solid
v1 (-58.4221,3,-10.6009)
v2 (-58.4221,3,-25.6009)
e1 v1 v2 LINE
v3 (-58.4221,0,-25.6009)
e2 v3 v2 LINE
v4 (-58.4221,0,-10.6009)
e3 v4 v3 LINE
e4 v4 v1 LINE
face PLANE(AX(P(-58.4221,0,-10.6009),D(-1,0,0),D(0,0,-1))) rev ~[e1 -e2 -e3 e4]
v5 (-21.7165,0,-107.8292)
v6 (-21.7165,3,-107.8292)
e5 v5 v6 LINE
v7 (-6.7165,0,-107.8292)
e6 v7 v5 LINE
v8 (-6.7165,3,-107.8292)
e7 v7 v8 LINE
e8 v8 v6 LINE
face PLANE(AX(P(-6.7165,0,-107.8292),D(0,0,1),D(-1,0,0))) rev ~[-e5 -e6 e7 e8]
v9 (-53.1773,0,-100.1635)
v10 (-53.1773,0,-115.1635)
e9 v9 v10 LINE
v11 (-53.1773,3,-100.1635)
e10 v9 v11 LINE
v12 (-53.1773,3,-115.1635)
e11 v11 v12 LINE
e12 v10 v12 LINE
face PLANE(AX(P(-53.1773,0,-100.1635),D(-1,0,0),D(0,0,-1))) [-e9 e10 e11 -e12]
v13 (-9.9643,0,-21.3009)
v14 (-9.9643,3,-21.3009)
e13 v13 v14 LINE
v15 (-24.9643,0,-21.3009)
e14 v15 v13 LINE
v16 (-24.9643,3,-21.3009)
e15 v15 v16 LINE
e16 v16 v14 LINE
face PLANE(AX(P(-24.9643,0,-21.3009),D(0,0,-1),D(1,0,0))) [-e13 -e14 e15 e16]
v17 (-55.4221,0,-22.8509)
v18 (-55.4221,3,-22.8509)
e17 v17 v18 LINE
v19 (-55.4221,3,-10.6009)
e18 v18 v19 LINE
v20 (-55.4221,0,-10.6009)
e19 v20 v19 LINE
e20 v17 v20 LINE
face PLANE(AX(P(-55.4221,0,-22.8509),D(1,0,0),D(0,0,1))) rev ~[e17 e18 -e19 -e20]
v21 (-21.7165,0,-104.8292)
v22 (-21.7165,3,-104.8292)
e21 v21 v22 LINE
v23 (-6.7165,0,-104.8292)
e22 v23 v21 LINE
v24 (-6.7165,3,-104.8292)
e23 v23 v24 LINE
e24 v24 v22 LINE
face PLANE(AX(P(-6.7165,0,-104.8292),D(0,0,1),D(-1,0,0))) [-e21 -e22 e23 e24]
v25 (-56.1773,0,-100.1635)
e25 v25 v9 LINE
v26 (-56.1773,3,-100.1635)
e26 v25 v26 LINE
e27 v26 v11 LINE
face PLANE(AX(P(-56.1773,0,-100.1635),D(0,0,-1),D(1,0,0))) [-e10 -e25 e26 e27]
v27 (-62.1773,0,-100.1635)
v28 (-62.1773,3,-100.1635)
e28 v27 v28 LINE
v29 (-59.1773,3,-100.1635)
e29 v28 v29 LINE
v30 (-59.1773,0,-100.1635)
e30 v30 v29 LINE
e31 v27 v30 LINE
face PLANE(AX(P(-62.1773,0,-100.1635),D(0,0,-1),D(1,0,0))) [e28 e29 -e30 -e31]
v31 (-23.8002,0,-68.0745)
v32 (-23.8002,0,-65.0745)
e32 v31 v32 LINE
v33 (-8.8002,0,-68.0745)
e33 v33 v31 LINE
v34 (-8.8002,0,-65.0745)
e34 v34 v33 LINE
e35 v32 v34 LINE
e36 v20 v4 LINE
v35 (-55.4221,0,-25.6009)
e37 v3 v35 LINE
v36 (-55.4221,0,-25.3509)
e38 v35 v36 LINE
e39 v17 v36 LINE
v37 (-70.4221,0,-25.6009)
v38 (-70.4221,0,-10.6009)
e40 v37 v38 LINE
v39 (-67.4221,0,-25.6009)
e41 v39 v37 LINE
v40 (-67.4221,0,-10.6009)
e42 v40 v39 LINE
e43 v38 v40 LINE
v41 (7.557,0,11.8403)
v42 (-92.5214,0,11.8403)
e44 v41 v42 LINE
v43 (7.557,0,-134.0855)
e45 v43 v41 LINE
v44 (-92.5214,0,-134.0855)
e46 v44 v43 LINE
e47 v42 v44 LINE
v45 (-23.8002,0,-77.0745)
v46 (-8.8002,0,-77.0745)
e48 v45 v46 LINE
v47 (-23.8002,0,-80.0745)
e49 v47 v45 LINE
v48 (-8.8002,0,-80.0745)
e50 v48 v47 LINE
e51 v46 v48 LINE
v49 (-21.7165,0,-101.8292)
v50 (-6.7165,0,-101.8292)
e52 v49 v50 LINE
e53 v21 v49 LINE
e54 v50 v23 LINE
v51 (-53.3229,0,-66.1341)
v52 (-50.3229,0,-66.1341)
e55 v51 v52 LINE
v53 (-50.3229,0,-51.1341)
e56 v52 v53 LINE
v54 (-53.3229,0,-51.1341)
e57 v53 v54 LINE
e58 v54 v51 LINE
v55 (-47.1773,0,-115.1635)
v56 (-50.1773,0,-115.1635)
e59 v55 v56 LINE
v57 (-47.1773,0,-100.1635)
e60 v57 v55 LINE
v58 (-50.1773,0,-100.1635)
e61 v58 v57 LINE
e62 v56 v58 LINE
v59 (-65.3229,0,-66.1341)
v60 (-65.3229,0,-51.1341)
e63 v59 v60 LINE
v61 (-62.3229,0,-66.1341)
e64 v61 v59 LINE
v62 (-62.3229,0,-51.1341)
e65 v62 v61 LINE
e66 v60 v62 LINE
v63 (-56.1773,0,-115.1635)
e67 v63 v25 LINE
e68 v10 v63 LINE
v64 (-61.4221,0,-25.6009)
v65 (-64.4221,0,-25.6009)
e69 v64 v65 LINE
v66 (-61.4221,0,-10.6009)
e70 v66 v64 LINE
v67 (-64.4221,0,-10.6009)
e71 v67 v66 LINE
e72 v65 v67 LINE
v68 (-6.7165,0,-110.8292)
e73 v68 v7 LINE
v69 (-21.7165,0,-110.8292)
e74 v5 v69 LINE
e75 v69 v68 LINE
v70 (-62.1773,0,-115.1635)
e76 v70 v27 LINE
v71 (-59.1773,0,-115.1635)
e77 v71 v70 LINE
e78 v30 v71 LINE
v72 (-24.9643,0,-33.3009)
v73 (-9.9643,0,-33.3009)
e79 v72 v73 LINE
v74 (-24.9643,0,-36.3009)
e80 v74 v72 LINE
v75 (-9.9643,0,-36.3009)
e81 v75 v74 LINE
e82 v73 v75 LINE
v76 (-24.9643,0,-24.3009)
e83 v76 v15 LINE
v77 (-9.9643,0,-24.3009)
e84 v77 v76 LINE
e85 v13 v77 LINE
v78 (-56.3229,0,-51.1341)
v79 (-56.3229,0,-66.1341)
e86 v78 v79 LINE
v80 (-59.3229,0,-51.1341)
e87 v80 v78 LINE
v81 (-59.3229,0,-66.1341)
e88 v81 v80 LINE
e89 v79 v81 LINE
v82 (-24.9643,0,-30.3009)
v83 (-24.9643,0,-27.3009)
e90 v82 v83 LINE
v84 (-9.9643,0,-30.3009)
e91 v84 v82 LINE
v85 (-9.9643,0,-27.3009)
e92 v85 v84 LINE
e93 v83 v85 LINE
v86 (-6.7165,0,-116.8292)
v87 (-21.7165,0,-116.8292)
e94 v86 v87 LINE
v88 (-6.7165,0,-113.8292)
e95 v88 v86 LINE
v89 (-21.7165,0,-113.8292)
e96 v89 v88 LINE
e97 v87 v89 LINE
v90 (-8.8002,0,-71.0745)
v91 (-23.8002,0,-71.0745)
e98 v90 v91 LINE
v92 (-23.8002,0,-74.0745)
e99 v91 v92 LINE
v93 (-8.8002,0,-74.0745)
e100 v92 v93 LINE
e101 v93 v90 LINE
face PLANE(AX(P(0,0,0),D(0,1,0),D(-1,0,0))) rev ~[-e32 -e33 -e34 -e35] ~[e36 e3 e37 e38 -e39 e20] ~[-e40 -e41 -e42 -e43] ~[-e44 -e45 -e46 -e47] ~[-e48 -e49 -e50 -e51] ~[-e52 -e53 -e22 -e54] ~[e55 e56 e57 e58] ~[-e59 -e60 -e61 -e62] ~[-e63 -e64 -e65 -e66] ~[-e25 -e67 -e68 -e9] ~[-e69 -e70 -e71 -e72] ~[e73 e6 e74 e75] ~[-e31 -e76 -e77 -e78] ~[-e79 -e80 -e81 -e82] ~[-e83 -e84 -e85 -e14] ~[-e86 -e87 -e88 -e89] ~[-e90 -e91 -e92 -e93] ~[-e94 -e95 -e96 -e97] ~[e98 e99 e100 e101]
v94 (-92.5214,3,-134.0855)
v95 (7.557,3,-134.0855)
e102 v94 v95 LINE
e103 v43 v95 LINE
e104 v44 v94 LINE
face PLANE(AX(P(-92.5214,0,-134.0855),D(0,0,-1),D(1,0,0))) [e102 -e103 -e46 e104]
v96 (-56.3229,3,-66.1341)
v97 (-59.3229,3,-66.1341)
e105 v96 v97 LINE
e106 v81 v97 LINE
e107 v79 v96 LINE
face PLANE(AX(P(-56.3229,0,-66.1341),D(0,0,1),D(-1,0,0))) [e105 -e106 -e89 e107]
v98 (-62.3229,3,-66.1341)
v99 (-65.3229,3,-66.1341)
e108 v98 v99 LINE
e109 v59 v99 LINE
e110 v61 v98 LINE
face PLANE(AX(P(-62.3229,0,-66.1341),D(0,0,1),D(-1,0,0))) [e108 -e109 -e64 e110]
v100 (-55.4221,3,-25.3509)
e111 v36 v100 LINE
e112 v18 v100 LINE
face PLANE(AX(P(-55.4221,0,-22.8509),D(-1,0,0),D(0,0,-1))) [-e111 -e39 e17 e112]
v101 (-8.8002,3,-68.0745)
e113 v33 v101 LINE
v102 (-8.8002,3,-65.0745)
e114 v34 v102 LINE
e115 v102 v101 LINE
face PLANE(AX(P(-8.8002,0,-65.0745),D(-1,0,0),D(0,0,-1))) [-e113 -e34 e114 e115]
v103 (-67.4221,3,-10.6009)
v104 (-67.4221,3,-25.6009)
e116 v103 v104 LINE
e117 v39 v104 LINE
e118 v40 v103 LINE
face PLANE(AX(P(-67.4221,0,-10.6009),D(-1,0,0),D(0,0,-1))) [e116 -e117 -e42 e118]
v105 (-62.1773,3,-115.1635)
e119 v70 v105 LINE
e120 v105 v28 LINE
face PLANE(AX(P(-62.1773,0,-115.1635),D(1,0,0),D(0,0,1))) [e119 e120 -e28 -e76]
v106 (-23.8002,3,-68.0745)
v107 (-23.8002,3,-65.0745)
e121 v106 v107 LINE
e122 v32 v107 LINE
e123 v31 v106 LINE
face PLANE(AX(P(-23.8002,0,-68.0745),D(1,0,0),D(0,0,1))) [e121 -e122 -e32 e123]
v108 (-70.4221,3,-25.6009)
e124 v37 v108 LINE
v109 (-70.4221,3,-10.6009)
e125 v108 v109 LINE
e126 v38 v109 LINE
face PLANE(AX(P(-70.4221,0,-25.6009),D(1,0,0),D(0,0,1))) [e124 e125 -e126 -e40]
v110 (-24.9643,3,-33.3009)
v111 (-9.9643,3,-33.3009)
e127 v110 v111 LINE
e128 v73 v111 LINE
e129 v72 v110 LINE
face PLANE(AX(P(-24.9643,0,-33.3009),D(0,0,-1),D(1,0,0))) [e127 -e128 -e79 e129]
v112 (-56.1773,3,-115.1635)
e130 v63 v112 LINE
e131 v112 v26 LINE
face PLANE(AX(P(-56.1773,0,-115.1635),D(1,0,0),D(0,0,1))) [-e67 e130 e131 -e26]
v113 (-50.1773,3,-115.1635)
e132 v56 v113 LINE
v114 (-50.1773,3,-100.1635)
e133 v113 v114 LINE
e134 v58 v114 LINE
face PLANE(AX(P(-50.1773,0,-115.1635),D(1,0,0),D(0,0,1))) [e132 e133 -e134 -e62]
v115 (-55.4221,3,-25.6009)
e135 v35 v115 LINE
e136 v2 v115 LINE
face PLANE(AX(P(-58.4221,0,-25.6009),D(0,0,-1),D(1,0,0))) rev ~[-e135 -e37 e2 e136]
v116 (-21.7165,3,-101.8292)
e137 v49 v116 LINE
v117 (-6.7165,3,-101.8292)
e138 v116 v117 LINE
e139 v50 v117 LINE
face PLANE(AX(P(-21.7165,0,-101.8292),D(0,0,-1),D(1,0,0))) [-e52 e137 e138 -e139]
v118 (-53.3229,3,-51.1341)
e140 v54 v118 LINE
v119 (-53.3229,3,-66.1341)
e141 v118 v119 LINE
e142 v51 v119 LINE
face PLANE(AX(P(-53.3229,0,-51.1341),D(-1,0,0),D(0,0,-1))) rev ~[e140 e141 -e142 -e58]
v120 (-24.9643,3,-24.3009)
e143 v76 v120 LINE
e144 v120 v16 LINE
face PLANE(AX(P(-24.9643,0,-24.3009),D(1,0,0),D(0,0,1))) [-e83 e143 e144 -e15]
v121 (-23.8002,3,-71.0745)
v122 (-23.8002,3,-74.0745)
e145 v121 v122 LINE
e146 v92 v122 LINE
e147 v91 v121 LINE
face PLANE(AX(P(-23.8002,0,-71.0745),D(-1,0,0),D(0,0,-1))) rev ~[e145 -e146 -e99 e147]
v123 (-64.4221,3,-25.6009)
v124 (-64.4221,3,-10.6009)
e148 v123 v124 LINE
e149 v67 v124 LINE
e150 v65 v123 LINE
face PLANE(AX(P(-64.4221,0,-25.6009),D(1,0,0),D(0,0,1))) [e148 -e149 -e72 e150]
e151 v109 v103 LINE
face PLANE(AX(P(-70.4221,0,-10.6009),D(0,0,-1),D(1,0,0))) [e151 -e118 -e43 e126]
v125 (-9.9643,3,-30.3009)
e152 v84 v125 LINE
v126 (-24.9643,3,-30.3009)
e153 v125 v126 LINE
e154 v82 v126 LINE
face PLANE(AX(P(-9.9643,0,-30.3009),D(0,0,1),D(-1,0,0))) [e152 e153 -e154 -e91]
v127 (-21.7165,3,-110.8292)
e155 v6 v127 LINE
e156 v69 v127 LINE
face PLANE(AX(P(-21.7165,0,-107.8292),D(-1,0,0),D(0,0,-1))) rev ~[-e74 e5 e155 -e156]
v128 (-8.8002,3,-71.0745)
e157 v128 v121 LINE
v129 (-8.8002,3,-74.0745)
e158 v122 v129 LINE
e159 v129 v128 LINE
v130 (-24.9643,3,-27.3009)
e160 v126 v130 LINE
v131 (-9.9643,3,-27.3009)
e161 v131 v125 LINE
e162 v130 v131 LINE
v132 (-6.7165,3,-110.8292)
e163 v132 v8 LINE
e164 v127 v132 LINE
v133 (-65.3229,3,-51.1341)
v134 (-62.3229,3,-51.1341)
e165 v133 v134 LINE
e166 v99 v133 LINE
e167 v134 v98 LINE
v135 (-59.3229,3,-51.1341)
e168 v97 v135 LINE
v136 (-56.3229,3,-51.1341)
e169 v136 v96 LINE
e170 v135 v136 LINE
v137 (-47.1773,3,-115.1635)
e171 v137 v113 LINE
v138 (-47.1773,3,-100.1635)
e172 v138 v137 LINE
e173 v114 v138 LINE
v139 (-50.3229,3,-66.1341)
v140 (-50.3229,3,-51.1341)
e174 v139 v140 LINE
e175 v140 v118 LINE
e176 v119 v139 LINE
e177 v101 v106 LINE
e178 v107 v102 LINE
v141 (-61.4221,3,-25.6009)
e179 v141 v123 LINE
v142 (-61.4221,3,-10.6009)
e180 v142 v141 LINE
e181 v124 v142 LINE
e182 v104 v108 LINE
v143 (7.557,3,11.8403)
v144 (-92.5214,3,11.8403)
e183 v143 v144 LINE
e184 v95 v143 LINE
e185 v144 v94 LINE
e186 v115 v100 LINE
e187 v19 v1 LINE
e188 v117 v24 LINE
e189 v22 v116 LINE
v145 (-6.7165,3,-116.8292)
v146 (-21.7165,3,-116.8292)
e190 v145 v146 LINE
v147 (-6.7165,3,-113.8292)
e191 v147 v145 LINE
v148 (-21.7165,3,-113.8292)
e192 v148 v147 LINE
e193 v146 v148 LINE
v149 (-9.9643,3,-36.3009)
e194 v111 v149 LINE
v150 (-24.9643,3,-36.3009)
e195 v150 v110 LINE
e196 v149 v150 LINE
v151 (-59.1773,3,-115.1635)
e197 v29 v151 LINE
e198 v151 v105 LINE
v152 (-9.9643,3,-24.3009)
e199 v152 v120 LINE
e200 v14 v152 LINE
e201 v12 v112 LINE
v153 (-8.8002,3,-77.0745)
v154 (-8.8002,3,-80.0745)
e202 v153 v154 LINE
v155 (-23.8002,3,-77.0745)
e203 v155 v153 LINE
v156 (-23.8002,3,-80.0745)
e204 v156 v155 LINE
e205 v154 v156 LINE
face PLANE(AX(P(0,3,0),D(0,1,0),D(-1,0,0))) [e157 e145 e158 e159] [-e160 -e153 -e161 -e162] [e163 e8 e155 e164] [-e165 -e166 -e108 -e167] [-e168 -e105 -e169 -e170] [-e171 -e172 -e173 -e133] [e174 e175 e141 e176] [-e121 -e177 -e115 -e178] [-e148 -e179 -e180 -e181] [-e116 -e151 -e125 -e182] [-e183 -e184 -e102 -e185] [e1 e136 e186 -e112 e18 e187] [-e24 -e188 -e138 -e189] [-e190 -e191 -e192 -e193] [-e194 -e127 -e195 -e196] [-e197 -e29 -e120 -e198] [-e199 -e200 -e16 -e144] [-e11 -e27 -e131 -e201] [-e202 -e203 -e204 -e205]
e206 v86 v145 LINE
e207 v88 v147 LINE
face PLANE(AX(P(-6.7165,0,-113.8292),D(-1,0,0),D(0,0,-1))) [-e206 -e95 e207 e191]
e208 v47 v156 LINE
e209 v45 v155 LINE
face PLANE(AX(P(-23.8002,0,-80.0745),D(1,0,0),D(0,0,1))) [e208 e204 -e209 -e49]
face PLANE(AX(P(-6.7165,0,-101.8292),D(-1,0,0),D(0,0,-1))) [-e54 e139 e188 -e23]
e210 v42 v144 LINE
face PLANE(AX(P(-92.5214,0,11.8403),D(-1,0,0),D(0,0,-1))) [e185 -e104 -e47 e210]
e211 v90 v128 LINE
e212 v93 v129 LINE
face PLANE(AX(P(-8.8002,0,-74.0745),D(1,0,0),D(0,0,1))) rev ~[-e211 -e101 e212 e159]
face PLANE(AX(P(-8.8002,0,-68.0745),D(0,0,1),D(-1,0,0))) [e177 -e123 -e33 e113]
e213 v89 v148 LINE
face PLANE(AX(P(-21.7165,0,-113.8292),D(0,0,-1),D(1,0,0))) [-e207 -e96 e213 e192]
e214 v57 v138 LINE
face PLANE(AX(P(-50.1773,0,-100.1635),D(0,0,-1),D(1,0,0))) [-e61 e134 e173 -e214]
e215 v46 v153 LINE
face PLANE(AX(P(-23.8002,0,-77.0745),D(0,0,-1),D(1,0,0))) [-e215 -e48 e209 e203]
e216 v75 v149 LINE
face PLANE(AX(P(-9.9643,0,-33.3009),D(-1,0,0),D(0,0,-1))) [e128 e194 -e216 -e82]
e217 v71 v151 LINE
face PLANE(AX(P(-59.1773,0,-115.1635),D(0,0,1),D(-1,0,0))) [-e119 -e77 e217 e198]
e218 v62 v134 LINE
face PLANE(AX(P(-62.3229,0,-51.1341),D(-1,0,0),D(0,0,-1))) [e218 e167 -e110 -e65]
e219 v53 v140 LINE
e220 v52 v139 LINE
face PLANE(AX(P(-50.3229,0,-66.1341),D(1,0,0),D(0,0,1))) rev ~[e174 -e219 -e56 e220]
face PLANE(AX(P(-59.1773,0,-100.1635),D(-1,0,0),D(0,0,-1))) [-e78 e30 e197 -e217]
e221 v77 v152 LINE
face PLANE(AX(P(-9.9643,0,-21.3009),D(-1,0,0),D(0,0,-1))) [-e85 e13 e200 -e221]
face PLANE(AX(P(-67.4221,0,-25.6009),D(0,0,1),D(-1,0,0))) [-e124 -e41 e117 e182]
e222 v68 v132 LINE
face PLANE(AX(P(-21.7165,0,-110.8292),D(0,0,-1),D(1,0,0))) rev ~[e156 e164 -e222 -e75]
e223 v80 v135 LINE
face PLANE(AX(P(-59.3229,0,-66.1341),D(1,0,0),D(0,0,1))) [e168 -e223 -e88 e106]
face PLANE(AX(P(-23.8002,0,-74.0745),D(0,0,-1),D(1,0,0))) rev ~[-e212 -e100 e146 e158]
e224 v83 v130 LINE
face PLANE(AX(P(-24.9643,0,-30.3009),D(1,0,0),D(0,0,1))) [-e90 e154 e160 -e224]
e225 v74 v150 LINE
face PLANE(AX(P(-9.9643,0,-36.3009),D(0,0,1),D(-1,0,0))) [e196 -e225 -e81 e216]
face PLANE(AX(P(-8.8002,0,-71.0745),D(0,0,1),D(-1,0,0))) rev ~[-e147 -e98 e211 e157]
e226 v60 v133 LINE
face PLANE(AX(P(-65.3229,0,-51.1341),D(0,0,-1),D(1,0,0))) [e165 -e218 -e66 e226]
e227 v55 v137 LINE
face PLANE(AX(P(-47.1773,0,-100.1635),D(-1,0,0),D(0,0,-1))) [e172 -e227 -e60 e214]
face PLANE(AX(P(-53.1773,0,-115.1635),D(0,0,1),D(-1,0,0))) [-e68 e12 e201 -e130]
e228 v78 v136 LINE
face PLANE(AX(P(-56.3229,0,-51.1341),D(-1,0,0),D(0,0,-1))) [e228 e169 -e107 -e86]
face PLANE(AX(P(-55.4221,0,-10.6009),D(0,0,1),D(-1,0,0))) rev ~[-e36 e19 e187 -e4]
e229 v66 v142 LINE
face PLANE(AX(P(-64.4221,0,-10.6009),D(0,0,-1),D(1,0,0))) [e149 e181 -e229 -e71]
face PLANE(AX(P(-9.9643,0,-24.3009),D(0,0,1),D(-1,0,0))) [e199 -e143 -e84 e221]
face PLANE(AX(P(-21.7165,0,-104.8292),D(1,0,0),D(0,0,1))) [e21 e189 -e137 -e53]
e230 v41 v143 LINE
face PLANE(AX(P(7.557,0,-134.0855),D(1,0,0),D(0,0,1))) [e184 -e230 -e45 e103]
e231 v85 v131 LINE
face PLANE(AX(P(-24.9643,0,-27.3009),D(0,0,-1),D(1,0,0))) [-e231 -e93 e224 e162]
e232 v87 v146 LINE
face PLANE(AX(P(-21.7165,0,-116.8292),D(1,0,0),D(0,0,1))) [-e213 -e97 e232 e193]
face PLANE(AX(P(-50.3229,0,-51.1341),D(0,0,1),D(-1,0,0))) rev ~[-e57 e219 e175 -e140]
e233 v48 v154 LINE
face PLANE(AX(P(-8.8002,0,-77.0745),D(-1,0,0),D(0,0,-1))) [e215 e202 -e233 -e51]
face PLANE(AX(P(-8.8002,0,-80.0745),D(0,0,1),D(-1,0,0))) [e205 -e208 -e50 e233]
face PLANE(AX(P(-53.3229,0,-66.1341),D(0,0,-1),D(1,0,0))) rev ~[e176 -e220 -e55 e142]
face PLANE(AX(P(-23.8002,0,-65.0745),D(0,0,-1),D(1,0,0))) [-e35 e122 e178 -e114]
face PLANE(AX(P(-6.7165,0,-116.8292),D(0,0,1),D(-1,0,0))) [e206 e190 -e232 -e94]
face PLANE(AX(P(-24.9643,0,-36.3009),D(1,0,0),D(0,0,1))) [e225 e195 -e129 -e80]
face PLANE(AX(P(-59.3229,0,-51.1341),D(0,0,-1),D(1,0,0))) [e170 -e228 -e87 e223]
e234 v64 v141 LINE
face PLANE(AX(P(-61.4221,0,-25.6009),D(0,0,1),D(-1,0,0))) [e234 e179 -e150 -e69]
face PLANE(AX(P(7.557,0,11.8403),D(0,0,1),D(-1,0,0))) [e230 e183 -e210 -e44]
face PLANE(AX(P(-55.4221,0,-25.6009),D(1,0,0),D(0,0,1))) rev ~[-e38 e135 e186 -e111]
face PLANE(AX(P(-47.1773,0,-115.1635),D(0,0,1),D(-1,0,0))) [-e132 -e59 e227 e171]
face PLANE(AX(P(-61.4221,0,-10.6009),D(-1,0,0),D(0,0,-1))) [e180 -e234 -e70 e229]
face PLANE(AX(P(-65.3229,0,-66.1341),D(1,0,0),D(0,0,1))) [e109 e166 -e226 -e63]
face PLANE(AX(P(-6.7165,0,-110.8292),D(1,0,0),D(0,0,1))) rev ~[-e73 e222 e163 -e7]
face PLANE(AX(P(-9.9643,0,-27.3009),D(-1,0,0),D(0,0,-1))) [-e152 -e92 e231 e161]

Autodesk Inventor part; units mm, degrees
ref_plane "YZ Plane" through (0, 0, 0) normal (1, 0, 0) x (0, 1, 0)
ref_plane "XZ Plane" through (0, 0, 0) normal (0, 1, 0) x (-1, 0, 0)
ref_plane "XY Plane" through (0, 0, 0) normal (0, 0, 1) x (1, 0, 0)
sketch "Sketch1" plane through (0, 0, 0) normal (0, 1, 0) x (-1, 0, 0)
  line L0 (55.4221, -22.8509) -> (55.4221, -25.3509)
  line L1 (-7.557, 11.8403) -> (92.5214, 11.8403)
  line L2 (92.5214, 11.8403) -> (92.5214, -134.0855)
  line L3 (92.5214, -134.0855) -> (-7.557, -134.0855)
  line L4 (-7.557, -134.0855) -> (-7.557, 11.8403)
  line L5 (24.9643, -21.3009) -> (9.9643, -21.3009)
  line L6 (9.9643, -21.3009) -> (9.9643, -24.3009)
  line L7 (9.9643, -24.3009) -> (24.9643, -24.3009)
  line L8 (24.9643, -24.3009) -> (24.9643, -21.3009)
  line L9 (24.9643, -27.3009) -> (9.9643, -27.3009)
  line L10 (9.9643, -27.3009) -> (9.9643, -30.3009)
  line L11 (9.9643, -30.3009) -> (24.9643, -30.3009)
  line L12 (24.9643, -30.3009) -> (24.9643, -27.3009)
  line L13 (9.9643, -36.3009) -> (24.9643, -36.3009)
  line L14 (24.9643, -36.3009) -> (24.9643, -33.3009)
  line L15 (24.9643, -33.3009) -> (9.9643, -33.3009)
  line L16 (9.9643, -33.3009) -> (9.9643, -36.3009)
  line L17 (23.8002, -65.0745) -> (8.8002, -65.0745)
  line L18 (8.8002, -65.0745) -> (8.8002, -68.0745)
  line L19 (8.8002, -68.0745) -> (23.8002, -68.0745)
  line L20 (23.8002, -68.0745) -> (23.8002, -65.0745)
  line L21 (8.8002, -71.0745) -> (23.8002, -71.0745)
  line L22 (23.8002, -71.0745) -> (23.8002, -74.0745)
  line L23 (23.8002, -74.0745) -> (8.8002, -74.0745)
  line L24 (8.8002, -74.0745) -> (8.8002, -71.0745)
  line L25 (23.8002, -77.0745) -> (8.8002, -77.0745)
  line L26 (8.8002, -77.0745) -> (8.8002, -80.0745)
  line L27 (8.8002, -80.0745) -> (23.8002, -80.0745)
  line L28 (23.8002, -80.0745) -> (23.8002, -77.0745)
  line L29 (21.7165, -101.8292) -> (6.7165, -101.8292)
  line L30 (6.7165, -101.8292) -> (6.7165, -104.8292)
  line L31 (6.7165, -104.8292) -> (21.7165, -104.8292)
  line L32 (21.7165, -104.8292) -> (21.7165, -101.8292)
  line L33 (6.7165, -107.8292) -> (21.7165, -107.8292)
  line L34 (21.7165, -107.8292) -> (21.7165, -110.8292)
  line L35 (21.7165, -110.8292) -> (6.7165, -110.8292)
  line L36 (6.7165, -110.8292) -> (6.7165, -107.8292)
  line L37 (21.7165, -113.8292) -> (6.7165, -113.8292)
  line L38 (6.7165, -113.8292) -> (6.7165, -116.8292)
  line L39 (6.7165, -116.8292) -> (21.7165, -116.8292)
  line L40 (21.7165, -116.8292) -> (21.7165, -113.8292)
  line L41 (64.4221, -10.6009) -> (61.4221, -10.6009)
  line L42 (61.4221, -10.6009) -> (61.4221, -25.6009)
  line L43 (61.4221, -25.6009) -> (64.4221, -25.6009)
  line L44 (64.4221, -25.6009) -> (64.4221, -10.6009)
  line L45 (55.4221, -10.6009) -> (58.4221, -10.6009)
  line L46 (58.4221, -10.6009) -> (58.4221, -25.6009)
  line L47 (58.4221, -25.6009) -> (55.4221, -25.6009)
  line L48 (55.4221, -25.6009) -> (55.4221, -10.6009)
  line L49 (70.4221, -10.6009) -> (67.4221, -10.6009)
  line L50 (67.4221, -10.6009) -> (67.4221, -25.6009)
  line L51 (67.4221, -25.6009) -> (70.4221, -25.6009)
  line L52 (70.4221, -25.6009) -> (70.4221, -10.6009)
  line L53 (50.3229, -51.1341) -> (53.3229, -51.1341)
  line L54 (53.3229, -51.1341) -> (53.3229, -66.1341)
  line L55 (53.3229, -66.1341) -> (50.3229, -66.1341)
  line L56 (50.3229, -66.1341) -> (50.3229, -51.1341)
  line L57 (59.3229, -51.1341) -> (56.3229, -51.1341)
  line L58 (56.3229, -51.1341) -> (56.3229, -66.1341)
  line L59 (56.3229, -66.1341) -> (59.3229, -66.1341)
  line L60 (59.3229, -66.1341) -> (59.3229, -51.1341)
  line L61 (65.3229, -51.1341) -> (62.3229, -51.1341)
  line L62 (62.3229, -51.1341) -> (62.3229, -66.1341)
  line L63 (62.3229, -66.1341) -> (65.3229, -66.1341)
  line L64 (65.3229, -66.1341) -> (65.3229, -51.1341)
  line L65 (62.1773, -100.1635) -> (59.1773, -100.1635)
  line L66 (59.1773, -100.1635) -> (59.1773, -115.1635)
  line L67 (59.1773, -115.1635) -> (62.1773, -115.1635)
  line L68 (62.1773, -115.1635) -> (62.1773, -100.1635)
  line L69 (56.1773, -100.1635) -> (53.1773, -100.1635)
  line L70 (53.1773, -100.1635) -> (53.1773, -115.1635)
  line L71 (53.1773, -115.1635) -> (56.1773, -115.1635)
  line L72 (56.1773, -115.1635) -> (56.1773, -100.1635)
  line L73 (47.1773, -115.1635) -> (50.1773, -115.1635)
  line L74 (50.1773, -115.1635) -> (50.1773, -100.1635)
  line L75 (50.1773, -100.1635) -> (47.1773, -100.1635)
  line L76 (47.1773, -100.1635) -> (47.1773, -115.1635)
  point P0 (0, 0)
extrude "Extrusion1" add sketch "Sketch1" along normal blind 3
properties part number "Top"
